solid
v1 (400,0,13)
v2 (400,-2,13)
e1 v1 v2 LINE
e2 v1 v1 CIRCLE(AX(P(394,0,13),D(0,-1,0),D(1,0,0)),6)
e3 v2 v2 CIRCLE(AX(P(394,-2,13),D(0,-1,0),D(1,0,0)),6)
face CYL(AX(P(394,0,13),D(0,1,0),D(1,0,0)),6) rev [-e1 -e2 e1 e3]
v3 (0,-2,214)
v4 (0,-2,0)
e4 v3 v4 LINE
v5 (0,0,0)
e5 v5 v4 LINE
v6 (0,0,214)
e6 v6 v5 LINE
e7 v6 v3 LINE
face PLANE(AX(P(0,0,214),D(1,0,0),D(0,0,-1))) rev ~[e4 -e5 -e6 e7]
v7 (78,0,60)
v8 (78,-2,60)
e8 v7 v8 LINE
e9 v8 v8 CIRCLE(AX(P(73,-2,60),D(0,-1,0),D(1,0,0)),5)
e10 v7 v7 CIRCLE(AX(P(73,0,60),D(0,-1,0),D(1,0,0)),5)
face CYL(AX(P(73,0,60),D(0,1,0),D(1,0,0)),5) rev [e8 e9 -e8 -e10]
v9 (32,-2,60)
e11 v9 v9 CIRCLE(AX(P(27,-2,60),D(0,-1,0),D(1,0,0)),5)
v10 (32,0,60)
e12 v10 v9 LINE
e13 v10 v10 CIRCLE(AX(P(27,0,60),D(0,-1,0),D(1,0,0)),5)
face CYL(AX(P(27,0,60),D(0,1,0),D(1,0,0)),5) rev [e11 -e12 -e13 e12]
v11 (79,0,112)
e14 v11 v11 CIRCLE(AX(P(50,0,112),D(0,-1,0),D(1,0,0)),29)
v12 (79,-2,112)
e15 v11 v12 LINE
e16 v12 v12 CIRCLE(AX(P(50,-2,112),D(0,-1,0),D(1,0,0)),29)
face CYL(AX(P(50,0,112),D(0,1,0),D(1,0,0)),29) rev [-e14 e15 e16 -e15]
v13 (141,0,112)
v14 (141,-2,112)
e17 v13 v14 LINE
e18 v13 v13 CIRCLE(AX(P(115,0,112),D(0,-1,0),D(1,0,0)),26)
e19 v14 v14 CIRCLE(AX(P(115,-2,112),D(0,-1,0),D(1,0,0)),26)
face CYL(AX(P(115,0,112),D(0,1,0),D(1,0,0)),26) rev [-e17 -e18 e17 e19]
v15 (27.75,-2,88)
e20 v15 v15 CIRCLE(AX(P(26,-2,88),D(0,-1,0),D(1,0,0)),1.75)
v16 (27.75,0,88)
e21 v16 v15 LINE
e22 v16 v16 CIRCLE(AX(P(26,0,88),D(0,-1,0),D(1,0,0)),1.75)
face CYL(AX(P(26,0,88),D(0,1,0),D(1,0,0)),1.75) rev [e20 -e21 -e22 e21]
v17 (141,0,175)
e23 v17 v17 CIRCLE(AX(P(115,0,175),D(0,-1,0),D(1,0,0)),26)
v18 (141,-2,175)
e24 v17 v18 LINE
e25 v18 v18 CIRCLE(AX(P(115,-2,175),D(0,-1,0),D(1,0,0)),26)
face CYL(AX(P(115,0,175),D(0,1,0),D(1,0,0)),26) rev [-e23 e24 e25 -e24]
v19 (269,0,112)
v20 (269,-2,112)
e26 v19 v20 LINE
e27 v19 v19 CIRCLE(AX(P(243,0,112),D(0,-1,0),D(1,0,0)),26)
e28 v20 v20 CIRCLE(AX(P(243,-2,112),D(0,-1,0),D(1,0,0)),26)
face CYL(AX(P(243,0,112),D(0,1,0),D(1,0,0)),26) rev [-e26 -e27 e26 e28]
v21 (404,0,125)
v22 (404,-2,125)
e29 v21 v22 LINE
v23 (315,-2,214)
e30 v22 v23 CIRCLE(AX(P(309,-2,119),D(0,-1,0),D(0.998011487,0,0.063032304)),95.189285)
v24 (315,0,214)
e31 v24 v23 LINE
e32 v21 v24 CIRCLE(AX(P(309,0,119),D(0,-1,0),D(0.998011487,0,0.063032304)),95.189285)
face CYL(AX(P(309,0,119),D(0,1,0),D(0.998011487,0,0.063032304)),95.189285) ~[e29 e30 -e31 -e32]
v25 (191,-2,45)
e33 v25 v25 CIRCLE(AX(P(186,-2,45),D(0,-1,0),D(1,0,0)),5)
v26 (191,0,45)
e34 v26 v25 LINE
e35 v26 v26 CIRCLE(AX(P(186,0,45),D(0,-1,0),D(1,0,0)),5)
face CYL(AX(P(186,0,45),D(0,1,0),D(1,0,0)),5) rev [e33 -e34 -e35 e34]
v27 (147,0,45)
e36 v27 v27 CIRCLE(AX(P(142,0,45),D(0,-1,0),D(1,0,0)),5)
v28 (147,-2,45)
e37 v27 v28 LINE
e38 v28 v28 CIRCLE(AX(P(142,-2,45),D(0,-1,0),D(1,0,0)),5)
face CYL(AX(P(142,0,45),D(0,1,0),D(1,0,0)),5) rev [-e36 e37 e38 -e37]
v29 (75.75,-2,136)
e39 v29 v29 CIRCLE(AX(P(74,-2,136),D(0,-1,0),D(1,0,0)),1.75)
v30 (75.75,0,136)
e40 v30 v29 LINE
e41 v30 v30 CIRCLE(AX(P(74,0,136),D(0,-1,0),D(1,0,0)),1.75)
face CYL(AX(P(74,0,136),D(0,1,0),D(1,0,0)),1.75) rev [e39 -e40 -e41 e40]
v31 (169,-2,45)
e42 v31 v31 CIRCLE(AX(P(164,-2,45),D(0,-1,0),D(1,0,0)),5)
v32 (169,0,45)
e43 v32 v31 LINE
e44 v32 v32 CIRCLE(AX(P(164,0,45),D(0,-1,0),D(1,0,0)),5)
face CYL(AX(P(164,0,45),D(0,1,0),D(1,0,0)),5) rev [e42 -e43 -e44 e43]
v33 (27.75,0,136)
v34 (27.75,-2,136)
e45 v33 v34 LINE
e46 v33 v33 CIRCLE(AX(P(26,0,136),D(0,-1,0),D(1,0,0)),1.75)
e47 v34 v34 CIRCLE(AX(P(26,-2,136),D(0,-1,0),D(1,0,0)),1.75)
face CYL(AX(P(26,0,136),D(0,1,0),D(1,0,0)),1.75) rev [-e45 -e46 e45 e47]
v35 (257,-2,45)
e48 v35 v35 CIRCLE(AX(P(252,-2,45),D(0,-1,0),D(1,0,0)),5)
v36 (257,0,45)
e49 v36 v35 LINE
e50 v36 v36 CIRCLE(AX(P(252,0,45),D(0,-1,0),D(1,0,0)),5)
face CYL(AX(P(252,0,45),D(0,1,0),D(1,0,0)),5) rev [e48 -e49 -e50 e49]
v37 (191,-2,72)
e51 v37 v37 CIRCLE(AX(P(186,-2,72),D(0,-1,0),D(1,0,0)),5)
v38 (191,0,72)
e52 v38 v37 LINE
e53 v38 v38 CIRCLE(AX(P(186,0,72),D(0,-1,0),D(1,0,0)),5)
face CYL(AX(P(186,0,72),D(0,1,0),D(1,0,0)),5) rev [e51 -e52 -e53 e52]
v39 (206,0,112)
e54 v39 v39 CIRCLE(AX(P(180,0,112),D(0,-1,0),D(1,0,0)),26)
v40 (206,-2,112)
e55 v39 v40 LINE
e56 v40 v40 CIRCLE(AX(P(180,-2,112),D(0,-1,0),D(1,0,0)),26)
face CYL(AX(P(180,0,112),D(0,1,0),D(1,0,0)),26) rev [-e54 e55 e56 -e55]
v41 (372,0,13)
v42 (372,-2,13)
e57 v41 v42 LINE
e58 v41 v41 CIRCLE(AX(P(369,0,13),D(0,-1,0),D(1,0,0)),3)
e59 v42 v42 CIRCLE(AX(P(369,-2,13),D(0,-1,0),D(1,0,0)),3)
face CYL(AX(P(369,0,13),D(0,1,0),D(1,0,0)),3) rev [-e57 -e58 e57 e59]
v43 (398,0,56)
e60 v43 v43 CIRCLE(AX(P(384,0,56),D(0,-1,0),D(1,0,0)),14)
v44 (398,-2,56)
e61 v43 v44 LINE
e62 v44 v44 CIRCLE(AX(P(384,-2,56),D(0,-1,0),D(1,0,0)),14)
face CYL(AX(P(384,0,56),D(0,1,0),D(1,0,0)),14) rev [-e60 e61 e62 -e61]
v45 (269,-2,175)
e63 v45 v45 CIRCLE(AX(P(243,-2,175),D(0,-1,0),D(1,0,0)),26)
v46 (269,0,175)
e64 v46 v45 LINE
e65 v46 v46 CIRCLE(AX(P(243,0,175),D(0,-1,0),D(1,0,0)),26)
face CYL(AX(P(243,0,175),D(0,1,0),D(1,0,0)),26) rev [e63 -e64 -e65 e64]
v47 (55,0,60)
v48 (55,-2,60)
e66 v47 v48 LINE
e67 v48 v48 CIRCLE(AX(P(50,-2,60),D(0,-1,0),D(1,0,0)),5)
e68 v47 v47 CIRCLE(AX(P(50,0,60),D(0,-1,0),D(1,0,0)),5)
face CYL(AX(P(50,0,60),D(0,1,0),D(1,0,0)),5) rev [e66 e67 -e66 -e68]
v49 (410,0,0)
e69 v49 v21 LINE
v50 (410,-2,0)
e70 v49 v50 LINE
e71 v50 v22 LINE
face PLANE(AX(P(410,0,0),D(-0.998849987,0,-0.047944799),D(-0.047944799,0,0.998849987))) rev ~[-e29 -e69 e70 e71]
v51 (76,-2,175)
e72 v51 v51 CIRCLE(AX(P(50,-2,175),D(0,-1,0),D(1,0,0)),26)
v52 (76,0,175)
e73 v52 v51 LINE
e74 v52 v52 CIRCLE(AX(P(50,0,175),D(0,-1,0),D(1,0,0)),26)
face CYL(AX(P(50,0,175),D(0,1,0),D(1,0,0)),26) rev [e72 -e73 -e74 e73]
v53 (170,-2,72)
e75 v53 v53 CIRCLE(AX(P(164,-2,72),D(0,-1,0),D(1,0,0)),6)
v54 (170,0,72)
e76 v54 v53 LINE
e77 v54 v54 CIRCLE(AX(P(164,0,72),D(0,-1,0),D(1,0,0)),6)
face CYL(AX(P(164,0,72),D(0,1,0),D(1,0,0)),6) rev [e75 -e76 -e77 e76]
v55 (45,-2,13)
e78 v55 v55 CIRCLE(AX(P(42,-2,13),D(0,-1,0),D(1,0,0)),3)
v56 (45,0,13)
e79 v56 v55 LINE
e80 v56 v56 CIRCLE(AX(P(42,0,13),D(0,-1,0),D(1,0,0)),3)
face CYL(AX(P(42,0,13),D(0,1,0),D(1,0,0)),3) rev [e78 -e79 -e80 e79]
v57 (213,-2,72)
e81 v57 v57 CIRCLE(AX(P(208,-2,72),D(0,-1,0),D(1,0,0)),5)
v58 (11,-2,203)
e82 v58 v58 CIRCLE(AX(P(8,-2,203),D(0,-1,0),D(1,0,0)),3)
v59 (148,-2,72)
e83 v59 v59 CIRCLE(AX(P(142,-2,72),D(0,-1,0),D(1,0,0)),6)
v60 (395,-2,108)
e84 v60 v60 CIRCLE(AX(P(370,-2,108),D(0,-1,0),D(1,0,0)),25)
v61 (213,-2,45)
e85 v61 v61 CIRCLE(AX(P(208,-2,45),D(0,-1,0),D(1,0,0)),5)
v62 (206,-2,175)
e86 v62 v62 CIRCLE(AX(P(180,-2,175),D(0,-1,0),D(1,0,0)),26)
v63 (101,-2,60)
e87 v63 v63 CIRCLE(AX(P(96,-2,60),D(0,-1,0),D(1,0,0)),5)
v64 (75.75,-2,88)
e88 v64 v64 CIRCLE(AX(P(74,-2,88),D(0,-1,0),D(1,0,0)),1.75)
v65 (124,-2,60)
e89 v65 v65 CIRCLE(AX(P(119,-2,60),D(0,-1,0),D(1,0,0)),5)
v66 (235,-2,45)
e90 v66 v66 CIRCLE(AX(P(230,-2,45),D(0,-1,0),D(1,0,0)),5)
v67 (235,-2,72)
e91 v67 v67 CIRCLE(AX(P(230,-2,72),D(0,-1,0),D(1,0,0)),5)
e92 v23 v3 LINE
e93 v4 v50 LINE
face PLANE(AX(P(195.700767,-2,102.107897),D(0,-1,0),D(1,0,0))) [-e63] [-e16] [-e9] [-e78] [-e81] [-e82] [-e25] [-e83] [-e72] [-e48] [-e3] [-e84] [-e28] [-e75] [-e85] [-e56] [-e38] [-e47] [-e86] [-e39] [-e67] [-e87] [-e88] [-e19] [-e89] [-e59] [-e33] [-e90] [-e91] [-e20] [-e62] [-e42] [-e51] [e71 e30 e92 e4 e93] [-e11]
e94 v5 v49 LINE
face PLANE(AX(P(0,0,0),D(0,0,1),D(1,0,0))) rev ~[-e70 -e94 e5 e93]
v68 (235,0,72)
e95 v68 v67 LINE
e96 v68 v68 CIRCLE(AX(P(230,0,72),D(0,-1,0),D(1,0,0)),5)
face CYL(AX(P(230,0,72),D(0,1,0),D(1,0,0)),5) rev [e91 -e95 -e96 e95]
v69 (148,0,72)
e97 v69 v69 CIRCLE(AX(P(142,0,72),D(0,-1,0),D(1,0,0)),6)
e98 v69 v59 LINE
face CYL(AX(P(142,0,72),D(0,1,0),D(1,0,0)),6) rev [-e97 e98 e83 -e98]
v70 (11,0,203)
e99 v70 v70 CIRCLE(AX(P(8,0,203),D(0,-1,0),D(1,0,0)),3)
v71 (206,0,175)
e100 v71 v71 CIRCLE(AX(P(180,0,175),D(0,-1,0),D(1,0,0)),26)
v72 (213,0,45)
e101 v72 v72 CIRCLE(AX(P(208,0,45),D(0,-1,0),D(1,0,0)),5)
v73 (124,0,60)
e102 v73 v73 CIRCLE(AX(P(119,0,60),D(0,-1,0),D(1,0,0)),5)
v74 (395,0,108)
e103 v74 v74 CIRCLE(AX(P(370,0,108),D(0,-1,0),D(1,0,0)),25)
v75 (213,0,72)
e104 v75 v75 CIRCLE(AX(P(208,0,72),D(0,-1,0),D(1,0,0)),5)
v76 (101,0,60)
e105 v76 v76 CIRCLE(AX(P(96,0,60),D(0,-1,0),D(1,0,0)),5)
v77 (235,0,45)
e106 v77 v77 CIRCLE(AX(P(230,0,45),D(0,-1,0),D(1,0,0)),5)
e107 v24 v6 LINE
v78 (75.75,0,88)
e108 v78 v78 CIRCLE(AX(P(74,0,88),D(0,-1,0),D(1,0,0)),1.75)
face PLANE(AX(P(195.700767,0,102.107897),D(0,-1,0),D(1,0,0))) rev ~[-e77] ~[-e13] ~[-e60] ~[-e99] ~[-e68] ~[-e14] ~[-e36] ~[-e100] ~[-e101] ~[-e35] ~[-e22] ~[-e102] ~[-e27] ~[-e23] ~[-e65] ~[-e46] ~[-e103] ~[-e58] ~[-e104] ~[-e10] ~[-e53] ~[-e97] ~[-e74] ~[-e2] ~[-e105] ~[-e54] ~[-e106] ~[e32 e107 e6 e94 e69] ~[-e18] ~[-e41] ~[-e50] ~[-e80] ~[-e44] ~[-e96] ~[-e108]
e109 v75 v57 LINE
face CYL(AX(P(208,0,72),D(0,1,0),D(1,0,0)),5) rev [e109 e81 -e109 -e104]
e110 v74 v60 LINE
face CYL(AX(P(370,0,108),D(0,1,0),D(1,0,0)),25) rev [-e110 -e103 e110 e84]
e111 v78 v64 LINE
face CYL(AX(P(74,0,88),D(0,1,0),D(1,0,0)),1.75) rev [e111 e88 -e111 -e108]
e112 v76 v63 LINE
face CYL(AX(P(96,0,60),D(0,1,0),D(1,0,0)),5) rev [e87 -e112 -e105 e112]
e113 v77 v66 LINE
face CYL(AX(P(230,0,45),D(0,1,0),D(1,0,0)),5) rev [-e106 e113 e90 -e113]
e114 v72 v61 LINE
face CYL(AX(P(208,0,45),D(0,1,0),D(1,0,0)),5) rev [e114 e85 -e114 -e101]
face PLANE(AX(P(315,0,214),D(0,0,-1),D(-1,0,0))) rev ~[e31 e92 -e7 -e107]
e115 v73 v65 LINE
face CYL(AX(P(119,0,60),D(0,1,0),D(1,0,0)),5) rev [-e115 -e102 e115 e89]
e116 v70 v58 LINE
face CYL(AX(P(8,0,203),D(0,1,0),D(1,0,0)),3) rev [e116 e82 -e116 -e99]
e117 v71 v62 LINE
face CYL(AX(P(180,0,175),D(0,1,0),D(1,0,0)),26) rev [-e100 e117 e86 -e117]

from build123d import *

# Parameters (mm, degrees)
F0_R     = 3
F0_R_2   = 5
F0_R_3   = 1.75
F0_R_4   = 6
F0_R_5   = 14
F0_R_6   = 29
F0_R_7   = 26
F0_R_8   = 25
F1_DEPTH = 2


with BuildPart() as f1:
    # F0 (on Front) → F1 (new body)
    with BuildSketch(Plane.XZ):
        with BuildLine():
            Line((0, 214), (0, 0))
            Line((0, 0), (410, 0))
            Line((410, 0), (404, 125))
            ThreePointArc((404, 125), (376.308989, 186.308989), (315, 214))
            Line((315, 214), (0, 214))
        make_face()
        with Locations((42, 13)):
            Circle(F0_R, mode=Mode.SUBTRACT)
        with Locations((142, 45)):
            Circle(F0_R_2, mode=Mode.SUBTRACT)
        with Locations((164, 45)):
            Circle(F0_R_2, mode=Mode.SUBTRACT)
        with Locations((186, 45)):
            Circle(F0_R_2, mode=Mode.SUBTRACT)
        with Locations((27, 60)):
            Circle(F0_R_2, mode=Mode.SUBTRACT)
        with Locations((50, 60)):
            Circle(F0_R_2, mode=Mode.SUBTRACT)
        with Locations((73, 60)):
            Circle(F0_R_2, mode=Mode.SUBTRACT)
        with Locations((96, 60)):
            Circle(F0_R_2, mode=Mode.SUBTRACT)
        with Locations((26, 88)):
            Circle(F0_R_3, mode=Mode.SUBTRACT)
        with Locations((74, 88)):
            Circle(F0_R_3, mode=Mode.SUBTRACT)
        with Locations((119, 60)):
            Circle(F0_R_2, mode=Mode.SUBTRACT)
        with Locations((142, 72)):
            Circle(F0_R_4, mode=Mode.SUBTRACT)
        with Locations((164, 72)):
            Circle(F0_R_4, mode=Mode.SUBTRACT)
        with Locations((186, 72)):
            Circle(F0_R_2, mode=Mode.SUBTRACT)
        with Locations((208, 45)):
            Circle(F0_R_2, mode=Mode.SUBTRACT)
        with Locations((230, 45)):
            Circle(F0_R_2, mode=Mode.SUBTRACT)
        with Locations((252, 45)):
            Circle(F0_R_2, mode=Mode.SUBTRACT)
        with Locations((369, 13)):
            Circle(F0_R, mode=Mode.SUBTRACT)
        with Locations((394, 13)):
            Circle(F0_R_4, mode=Mode.SUBTRACT)
        with Locations((208, 72)):
            Circle(F0_R_2, mode=Mode.SUBTRACT)
        with Locations((230, 72)):
            Circle(F0_R_2, mode=Mode.SUBTRACT)
        with Locations((384, 56)):
            Circle(F0_R_5, mode=Mode.SUBTRACT)
        with Locations((50, 112)):
            Circle(F0_R_6, mode=Mode.SUBTRACT)
        with Locations((26, 136)):
            Circle(F0_R_3, mode=Mode.SUBTRACT)
        with Locations((74, 136)):
            Circle(F0_R_3, mode=Mode.SUBTRACT)
        with Locations((115, 112)):
            Circle(F0_R_7, mode=Mode.SUBTRACT)
        with Locations((180, 112)):
            Circle(F0_R_7, mode=Mode.SUBTRACT)
        with Locations((50, 175)):
            Circle(F0_R_7, mode=Mode.SUBTRACT)
        with Locations((8, 203)):
            Circle(F0_R, mode=Mode.SUBTRACT)
        with Locations((115, 175)):
            Circle(F0_R_7, mode=Mode.SUBTRACT)
        with Locations((180, 175)):
            Circle(F0_R_7, mode=Mode.SUBTRACT)
        with Locations((243, 112)):
            Circle(F0_R_7, mode=Mode.SUBTRACT)
        with Locations((370, 108)):
            Circle(F0_R_8, mode=Mode.SUBTRACT)
        with Locations((243, 175)):
            Circle(F0_R_7, mode=Mode.SUBTRACT)
    extrude(amount=F1_DEPTH)


solid = f1.part
